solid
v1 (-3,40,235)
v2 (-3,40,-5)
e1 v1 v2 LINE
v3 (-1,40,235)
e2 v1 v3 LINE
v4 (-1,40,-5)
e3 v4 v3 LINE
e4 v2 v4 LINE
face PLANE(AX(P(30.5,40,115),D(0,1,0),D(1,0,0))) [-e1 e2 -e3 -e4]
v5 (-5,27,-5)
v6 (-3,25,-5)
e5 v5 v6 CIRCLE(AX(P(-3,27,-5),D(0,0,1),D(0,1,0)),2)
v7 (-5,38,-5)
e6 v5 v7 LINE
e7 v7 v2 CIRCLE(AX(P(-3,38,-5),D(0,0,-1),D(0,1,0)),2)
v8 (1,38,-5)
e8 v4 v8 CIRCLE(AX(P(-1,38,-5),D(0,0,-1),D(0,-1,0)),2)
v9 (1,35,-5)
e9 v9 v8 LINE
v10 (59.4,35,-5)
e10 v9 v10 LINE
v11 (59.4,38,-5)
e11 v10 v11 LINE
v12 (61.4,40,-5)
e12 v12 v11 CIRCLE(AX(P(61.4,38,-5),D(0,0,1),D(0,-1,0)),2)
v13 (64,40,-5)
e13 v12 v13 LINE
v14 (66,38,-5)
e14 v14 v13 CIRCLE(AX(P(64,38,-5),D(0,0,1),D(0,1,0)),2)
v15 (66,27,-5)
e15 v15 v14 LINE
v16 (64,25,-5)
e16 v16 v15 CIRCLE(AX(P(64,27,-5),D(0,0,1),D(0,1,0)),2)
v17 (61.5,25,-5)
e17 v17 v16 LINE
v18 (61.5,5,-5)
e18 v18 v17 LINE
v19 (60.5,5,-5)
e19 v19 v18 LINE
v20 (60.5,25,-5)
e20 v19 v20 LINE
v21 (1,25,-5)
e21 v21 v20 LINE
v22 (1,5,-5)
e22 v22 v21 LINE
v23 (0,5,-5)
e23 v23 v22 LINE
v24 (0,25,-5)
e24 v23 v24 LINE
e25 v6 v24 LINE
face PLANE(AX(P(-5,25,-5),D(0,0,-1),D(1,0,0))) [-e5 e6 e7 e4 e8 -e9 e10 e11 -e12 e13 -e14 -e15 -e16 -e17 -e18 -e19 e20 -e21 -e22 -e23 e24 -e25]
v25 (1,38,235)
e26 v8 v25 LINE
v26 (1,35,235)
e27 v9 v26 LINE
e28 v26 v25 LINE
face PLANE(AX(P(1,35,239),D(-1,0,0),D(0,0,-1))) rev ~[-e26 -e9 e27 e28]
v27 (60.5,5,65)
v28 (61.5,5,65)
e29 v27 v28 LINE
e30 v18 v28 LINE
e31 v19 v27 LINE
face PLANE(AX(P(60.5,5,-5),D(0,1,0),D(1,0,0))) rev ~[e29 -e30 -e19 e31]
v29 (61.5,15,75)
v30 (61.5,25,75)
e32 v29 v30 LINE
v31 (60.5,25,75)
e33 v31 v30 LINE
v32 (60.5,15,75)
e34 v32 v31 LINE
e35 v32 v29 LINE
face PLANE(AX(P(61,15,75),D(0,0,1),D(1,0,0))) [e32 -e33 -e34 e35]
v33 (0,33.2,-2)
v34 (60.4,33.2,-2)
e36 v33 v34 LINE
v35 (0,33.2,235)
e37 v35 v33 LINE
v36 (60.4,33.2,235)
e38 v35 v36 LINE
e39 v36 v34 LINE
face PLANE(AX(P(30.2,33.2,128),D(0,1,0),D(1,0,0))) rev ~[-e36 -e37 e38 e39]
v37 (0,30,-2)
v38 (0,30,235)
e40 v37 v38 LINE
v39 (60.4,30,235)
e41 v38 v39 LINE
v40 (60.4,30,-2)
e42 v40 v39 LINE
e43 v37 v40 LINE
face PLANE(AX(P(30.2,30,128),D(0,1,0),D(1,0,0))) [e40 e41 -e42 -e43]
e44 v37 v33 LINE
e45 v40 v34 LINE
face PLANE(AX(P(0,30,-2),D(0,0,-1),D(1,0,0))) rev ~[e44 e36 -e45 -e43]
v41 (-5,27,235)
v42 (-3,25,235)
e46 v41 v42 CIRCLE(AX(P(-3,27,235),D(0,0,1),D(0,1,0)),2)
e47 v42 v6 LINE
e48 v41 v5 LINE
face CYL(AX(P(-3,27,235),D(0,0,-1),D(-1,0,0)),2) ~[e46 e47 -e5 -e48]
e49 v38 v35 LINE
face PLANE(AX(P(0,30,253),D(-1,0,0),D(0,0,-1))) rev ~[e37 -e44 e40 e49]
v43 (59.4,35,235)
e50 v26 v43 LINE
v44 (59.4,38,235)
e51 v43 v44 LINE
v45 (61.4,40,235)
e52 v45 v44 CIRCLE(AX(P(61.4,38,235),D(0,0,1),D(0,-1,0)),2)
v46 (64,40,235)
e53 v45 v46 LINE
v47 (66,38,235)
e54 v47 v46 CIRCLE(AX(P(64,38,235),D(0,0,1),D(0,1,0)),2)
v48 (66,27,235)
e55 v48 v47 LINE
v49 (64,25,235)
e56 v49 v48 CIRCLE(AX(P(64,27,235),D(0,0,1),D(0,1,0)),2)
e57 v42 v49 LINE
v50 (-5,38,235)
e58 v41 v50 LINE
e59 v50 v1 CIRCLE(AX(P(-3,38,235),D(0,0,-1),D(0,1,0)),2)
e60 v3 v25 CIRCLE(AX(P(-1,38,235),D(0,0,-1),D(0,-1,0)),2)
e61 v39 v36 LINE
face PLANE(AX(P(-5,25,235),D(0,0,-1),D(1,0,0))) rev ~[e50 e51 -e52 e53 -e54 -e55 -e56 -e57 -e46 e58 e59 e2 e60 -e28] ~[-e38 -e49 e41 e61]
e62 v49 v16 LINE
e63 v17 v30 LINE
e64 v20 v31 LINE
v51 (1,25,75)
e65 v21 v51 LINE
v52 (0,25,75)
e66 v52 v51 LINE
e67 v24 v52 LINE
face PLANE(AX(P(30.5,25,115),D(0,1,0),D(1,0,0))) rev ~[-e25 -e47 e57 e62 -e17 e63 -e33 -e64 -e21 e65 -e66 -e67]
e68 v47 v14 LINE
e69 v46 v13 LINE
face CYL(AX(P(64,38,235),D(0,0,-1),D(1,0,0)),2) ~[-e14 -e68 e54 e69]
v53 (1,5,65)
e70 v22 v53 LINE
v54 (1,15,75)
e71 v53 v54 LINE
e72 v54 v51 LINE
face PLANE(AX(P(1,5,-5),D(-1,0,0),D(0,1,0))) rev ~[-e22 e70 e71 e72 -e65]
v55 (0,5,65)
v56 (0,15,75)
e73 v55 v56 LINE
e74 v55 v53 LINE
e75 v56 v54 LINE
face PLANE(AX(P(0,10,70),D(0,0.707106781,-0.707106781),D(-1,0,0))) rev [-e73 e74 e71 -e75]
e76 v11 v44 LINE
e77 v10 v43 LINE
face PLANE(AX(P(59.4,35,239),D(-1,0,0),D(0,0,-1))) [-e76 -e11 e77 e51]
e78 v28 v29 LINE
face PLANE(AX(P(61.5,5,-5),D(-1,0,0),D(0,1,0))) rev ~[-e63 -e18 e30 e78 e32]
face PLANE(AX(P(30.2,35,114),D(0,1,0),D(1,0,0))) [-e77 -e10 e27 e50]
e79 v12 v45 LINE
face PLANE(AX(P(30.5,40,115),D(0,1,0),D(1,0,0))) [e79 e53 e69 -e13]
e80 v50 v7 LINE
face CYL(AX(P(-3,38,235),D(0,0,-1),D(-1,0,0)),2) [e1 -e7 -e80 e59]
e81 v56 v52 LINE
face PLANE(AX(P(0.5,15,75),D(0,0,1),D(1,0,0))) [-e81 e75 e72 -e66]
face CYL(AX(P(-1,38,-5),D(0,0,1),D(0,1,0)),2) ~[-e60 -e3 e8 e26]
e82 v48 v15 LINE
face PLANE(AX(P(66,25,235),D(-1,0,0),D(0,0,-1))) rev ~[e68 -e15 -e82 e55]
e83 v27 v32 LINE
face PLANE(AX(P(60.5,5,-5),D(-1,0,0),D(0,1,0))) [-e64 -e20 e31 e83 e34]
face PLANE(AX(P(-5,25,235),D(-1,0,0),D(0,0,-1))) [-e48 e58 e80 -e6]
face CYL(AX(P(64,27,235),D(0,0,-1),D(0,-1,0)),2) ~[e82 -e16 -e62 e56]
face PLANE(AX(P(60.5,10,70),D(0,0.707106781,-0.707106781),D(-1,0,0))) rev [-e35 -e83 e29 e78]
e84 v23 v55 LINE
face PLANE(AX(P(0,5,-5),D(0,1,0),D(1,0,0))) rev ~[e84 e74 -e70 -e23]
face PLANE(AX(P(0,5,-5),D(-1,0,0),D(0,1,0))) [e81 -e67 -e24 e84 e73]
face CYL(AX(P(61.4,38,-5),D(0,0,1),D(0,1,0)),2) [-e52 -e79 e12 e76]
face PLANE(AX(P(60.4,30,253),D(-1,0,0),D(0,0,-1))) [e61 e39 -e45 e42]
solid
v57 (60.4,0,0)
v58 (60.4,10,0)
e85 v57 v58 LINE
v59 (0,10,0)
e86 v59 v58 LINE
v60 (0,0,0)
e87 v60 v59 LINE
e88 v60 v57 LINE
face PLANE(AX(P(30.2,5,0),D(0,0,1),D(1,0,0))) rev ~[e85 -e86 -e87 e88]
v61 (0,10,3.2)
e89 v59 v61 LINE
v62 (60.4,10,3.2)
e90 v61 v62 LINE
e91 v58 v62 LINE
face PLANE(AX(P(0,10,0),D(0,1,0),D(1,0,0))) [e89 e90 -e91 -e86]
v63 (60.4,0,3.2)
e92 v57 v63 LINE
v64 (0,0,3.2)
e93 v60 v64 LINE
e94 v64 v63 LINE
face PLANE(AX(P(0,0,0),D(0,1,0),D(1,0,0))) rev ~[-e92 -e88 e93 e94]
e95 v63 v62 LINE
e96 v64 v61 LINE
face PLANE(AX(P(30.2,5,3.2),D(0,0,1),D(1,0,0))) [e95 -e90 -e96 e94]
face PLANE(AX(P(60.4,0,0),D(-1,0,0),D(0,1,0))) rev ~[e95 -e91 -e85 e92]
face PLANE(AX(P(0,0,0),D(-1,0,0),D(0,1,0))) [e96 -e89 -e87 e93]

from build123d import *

# Parameters (mm, degrees)
BOX_W                  = 60.4
BOX_H                  = 10
BOX_DEPTH              = 3.2
BOX003_W               = 60.4
BOX003_H               = 250
BOX003_DEPTH           = 3.2
BOX001_W               = 60.4
BOX001_H               = 250
BOX001_DEPTH           = 3.2
BOX004_W               = 58.4
BOX004_H               = 250
BOX004_DEPTH           = 13.2
BOX005_W               = 58.4
BOX005_H               = 250
BOX005_DEPTH           = 13.2
BOX002_W               = 71
BOX002_H               = 240
BOX002_DEPTH           = 15
CUT001_PLACEMENT_ANGLE = 270
BOX006_W               = 1
BOX006_H               = 20
BOX006_DEPTH           = 80
BOX007_W               = 1
BOX007_H               = 20
BOX007_DEPTH           = 80
FILLET_R               = 2
CHAMFER_SIZE           = 10


with BuildPart() as single_magnet:
    # Box → Box (new body)
    with BuildSketch(Plane.XY):
        with Locations((30.2, 5)):
            Rectangle(BOX_W, BOX_H)
    extrude(amount=BOX_DEPTH)


with BuildPart() as f_25_single_magnets001:
    # Box003 → Box003 (new body)
    with BuildSketch(Plane.XY):
        with Locations((30.2, 125)):
            Rectangle(BOX003_W, BOX003_H)
    extrude(amount=BOX003_DEPTH)


with BuildPart() as magnet_cutout:
    # Box001 → Box001 (new body)
    with BuildSketch(Plane(origin=(0, -5, 0), x_dir=(1, 0, 0), z_dir=(0, 0, 1))):
        with Locations((30.2, 125)):
            Rectangle(BOX001_W, BOX001_H)
    extrude(amount=BOX001_DEPTH)

    # Fusion: union 25-Single-Magnets001
    add(f_25_single_magnets001.part)


with BuildPart() as magnet_cutout_1:
    # Fusion placement: moved
    add(magnet_cutout.part.moved(Location((0, -18, 0))))


with BuildPart() as f_25_single_magnets002:
    # Box004 → Box004 (new body)
    with BuildSketch(Plane(origin=(1, 7, 0), x_dir=(1, 0, 0), z_dir=(0, 0, 1))):
        with Locations((29.2, 125)):
            Rectangle(BOX004_W, BOX004_H)
    extrude(amount=BOX004_DEPTH)


with BuildPart() as slide_cutout:
    # Box005 → Box005 (new body)
    with BuildSketch(Plane(origin=(1, -9, 0), x_dir=(1, 0, 0), z_dir=(0, 0, 1))):
        with Locations((29.2, 125)):
            Rectangle(BOX005_W, BOX005_H)
    extrude(amount=BOX005_DEPTH)

    # Fusion001: union 25-Single-Magnets002
    add(f_25_single_magnets002.part)


with BuildPart() as slide_cutout_1:
    # Fusion001 placement: moved
    add(slide_cutout.part.moved(Location((0, 0, 5))))


with BuildPart() as slide_v1:
    # Box002 → Box002 (new body)
    with BuildSketch(Plane(origin=(-5, -5, -5), x_dir=(1, 0, 0), z_dir=(0, 0, 1))):
        with Locations((35.5, 120)):
            Rectangle(BOX002_W, BOX002_H)
    extrude(amount=BOX002_DEPTH)

    # Cut: cut Slide-Cutout
    add(slide_cutout_1.part, mode=Mode.SUBTRACT)

    # Cut001: cut Magnet-Cutout
    add(magnet_cutout_1.part, mode=Mode.SUBTRACT)


with BuildPart() as slide_v1_1:
    # Cut001 placement: moved
    add(slide_v1.part.moved(Location((0, 30, 230))).rotate(Axis((0, 30, 230), (1, 0, 0)), CUT001_PLACEMENT_ANGLE))


with BuildPart() as support:
    # Box006 → Box006 (new body)
    with BuildSketch(Plane(origin=(0, 5, -5), x_dir=(1, 0, 0), z_dir=(0, 0, 1))):
        with Locations((0.5, 10)):
            Rectangle(BOX006_W, BOX006_H)
    extrude(amount=BOX006_DEPTH)


with BuildPart() as chamfer_body:
    # Box007 → Box007 (new body)
    with BuildSketch(Plane(origin=(60.5, 5, -5), x_dir=(1, 0, 0), z_dir=(0, 0, 1))):
        with Locations((0.5, 10)):
            Rectangle(BOX007_W, BOX007_H)
    extrude(amount=BOX007_DEPTH)

    # Fusion002: union Slide-V1, Support
    add(slide_v1_1.part)
    add(support.part)

    # Fillet
    fillet_edges = [chamfer_body.edges().sort_by_distance(p)[0] for p in [
        (-5, 40, 115),
        (-5, 25, 115),
        (1, 40, 109),
        (1, 40, 229),
        (66, 25, 115),
        (66, 40, 115),
        (59.4, 40, 229),
        (59.4, 40, 109),
    ]]
    fillet(fillet_edges, radius=FILLET_R)

    # Chamfer
    chamfer_edges = [chamfer_body.edges().sort_by_distance(p)[0] for p in [
        (0.5, 5, 75),
        (61, 5, 75),
    ]]
    chamfer(chamfer_edges, length=CHAMFER_SIZE)


solid = Compound([single_magnet.part, chamfer_body.part])
